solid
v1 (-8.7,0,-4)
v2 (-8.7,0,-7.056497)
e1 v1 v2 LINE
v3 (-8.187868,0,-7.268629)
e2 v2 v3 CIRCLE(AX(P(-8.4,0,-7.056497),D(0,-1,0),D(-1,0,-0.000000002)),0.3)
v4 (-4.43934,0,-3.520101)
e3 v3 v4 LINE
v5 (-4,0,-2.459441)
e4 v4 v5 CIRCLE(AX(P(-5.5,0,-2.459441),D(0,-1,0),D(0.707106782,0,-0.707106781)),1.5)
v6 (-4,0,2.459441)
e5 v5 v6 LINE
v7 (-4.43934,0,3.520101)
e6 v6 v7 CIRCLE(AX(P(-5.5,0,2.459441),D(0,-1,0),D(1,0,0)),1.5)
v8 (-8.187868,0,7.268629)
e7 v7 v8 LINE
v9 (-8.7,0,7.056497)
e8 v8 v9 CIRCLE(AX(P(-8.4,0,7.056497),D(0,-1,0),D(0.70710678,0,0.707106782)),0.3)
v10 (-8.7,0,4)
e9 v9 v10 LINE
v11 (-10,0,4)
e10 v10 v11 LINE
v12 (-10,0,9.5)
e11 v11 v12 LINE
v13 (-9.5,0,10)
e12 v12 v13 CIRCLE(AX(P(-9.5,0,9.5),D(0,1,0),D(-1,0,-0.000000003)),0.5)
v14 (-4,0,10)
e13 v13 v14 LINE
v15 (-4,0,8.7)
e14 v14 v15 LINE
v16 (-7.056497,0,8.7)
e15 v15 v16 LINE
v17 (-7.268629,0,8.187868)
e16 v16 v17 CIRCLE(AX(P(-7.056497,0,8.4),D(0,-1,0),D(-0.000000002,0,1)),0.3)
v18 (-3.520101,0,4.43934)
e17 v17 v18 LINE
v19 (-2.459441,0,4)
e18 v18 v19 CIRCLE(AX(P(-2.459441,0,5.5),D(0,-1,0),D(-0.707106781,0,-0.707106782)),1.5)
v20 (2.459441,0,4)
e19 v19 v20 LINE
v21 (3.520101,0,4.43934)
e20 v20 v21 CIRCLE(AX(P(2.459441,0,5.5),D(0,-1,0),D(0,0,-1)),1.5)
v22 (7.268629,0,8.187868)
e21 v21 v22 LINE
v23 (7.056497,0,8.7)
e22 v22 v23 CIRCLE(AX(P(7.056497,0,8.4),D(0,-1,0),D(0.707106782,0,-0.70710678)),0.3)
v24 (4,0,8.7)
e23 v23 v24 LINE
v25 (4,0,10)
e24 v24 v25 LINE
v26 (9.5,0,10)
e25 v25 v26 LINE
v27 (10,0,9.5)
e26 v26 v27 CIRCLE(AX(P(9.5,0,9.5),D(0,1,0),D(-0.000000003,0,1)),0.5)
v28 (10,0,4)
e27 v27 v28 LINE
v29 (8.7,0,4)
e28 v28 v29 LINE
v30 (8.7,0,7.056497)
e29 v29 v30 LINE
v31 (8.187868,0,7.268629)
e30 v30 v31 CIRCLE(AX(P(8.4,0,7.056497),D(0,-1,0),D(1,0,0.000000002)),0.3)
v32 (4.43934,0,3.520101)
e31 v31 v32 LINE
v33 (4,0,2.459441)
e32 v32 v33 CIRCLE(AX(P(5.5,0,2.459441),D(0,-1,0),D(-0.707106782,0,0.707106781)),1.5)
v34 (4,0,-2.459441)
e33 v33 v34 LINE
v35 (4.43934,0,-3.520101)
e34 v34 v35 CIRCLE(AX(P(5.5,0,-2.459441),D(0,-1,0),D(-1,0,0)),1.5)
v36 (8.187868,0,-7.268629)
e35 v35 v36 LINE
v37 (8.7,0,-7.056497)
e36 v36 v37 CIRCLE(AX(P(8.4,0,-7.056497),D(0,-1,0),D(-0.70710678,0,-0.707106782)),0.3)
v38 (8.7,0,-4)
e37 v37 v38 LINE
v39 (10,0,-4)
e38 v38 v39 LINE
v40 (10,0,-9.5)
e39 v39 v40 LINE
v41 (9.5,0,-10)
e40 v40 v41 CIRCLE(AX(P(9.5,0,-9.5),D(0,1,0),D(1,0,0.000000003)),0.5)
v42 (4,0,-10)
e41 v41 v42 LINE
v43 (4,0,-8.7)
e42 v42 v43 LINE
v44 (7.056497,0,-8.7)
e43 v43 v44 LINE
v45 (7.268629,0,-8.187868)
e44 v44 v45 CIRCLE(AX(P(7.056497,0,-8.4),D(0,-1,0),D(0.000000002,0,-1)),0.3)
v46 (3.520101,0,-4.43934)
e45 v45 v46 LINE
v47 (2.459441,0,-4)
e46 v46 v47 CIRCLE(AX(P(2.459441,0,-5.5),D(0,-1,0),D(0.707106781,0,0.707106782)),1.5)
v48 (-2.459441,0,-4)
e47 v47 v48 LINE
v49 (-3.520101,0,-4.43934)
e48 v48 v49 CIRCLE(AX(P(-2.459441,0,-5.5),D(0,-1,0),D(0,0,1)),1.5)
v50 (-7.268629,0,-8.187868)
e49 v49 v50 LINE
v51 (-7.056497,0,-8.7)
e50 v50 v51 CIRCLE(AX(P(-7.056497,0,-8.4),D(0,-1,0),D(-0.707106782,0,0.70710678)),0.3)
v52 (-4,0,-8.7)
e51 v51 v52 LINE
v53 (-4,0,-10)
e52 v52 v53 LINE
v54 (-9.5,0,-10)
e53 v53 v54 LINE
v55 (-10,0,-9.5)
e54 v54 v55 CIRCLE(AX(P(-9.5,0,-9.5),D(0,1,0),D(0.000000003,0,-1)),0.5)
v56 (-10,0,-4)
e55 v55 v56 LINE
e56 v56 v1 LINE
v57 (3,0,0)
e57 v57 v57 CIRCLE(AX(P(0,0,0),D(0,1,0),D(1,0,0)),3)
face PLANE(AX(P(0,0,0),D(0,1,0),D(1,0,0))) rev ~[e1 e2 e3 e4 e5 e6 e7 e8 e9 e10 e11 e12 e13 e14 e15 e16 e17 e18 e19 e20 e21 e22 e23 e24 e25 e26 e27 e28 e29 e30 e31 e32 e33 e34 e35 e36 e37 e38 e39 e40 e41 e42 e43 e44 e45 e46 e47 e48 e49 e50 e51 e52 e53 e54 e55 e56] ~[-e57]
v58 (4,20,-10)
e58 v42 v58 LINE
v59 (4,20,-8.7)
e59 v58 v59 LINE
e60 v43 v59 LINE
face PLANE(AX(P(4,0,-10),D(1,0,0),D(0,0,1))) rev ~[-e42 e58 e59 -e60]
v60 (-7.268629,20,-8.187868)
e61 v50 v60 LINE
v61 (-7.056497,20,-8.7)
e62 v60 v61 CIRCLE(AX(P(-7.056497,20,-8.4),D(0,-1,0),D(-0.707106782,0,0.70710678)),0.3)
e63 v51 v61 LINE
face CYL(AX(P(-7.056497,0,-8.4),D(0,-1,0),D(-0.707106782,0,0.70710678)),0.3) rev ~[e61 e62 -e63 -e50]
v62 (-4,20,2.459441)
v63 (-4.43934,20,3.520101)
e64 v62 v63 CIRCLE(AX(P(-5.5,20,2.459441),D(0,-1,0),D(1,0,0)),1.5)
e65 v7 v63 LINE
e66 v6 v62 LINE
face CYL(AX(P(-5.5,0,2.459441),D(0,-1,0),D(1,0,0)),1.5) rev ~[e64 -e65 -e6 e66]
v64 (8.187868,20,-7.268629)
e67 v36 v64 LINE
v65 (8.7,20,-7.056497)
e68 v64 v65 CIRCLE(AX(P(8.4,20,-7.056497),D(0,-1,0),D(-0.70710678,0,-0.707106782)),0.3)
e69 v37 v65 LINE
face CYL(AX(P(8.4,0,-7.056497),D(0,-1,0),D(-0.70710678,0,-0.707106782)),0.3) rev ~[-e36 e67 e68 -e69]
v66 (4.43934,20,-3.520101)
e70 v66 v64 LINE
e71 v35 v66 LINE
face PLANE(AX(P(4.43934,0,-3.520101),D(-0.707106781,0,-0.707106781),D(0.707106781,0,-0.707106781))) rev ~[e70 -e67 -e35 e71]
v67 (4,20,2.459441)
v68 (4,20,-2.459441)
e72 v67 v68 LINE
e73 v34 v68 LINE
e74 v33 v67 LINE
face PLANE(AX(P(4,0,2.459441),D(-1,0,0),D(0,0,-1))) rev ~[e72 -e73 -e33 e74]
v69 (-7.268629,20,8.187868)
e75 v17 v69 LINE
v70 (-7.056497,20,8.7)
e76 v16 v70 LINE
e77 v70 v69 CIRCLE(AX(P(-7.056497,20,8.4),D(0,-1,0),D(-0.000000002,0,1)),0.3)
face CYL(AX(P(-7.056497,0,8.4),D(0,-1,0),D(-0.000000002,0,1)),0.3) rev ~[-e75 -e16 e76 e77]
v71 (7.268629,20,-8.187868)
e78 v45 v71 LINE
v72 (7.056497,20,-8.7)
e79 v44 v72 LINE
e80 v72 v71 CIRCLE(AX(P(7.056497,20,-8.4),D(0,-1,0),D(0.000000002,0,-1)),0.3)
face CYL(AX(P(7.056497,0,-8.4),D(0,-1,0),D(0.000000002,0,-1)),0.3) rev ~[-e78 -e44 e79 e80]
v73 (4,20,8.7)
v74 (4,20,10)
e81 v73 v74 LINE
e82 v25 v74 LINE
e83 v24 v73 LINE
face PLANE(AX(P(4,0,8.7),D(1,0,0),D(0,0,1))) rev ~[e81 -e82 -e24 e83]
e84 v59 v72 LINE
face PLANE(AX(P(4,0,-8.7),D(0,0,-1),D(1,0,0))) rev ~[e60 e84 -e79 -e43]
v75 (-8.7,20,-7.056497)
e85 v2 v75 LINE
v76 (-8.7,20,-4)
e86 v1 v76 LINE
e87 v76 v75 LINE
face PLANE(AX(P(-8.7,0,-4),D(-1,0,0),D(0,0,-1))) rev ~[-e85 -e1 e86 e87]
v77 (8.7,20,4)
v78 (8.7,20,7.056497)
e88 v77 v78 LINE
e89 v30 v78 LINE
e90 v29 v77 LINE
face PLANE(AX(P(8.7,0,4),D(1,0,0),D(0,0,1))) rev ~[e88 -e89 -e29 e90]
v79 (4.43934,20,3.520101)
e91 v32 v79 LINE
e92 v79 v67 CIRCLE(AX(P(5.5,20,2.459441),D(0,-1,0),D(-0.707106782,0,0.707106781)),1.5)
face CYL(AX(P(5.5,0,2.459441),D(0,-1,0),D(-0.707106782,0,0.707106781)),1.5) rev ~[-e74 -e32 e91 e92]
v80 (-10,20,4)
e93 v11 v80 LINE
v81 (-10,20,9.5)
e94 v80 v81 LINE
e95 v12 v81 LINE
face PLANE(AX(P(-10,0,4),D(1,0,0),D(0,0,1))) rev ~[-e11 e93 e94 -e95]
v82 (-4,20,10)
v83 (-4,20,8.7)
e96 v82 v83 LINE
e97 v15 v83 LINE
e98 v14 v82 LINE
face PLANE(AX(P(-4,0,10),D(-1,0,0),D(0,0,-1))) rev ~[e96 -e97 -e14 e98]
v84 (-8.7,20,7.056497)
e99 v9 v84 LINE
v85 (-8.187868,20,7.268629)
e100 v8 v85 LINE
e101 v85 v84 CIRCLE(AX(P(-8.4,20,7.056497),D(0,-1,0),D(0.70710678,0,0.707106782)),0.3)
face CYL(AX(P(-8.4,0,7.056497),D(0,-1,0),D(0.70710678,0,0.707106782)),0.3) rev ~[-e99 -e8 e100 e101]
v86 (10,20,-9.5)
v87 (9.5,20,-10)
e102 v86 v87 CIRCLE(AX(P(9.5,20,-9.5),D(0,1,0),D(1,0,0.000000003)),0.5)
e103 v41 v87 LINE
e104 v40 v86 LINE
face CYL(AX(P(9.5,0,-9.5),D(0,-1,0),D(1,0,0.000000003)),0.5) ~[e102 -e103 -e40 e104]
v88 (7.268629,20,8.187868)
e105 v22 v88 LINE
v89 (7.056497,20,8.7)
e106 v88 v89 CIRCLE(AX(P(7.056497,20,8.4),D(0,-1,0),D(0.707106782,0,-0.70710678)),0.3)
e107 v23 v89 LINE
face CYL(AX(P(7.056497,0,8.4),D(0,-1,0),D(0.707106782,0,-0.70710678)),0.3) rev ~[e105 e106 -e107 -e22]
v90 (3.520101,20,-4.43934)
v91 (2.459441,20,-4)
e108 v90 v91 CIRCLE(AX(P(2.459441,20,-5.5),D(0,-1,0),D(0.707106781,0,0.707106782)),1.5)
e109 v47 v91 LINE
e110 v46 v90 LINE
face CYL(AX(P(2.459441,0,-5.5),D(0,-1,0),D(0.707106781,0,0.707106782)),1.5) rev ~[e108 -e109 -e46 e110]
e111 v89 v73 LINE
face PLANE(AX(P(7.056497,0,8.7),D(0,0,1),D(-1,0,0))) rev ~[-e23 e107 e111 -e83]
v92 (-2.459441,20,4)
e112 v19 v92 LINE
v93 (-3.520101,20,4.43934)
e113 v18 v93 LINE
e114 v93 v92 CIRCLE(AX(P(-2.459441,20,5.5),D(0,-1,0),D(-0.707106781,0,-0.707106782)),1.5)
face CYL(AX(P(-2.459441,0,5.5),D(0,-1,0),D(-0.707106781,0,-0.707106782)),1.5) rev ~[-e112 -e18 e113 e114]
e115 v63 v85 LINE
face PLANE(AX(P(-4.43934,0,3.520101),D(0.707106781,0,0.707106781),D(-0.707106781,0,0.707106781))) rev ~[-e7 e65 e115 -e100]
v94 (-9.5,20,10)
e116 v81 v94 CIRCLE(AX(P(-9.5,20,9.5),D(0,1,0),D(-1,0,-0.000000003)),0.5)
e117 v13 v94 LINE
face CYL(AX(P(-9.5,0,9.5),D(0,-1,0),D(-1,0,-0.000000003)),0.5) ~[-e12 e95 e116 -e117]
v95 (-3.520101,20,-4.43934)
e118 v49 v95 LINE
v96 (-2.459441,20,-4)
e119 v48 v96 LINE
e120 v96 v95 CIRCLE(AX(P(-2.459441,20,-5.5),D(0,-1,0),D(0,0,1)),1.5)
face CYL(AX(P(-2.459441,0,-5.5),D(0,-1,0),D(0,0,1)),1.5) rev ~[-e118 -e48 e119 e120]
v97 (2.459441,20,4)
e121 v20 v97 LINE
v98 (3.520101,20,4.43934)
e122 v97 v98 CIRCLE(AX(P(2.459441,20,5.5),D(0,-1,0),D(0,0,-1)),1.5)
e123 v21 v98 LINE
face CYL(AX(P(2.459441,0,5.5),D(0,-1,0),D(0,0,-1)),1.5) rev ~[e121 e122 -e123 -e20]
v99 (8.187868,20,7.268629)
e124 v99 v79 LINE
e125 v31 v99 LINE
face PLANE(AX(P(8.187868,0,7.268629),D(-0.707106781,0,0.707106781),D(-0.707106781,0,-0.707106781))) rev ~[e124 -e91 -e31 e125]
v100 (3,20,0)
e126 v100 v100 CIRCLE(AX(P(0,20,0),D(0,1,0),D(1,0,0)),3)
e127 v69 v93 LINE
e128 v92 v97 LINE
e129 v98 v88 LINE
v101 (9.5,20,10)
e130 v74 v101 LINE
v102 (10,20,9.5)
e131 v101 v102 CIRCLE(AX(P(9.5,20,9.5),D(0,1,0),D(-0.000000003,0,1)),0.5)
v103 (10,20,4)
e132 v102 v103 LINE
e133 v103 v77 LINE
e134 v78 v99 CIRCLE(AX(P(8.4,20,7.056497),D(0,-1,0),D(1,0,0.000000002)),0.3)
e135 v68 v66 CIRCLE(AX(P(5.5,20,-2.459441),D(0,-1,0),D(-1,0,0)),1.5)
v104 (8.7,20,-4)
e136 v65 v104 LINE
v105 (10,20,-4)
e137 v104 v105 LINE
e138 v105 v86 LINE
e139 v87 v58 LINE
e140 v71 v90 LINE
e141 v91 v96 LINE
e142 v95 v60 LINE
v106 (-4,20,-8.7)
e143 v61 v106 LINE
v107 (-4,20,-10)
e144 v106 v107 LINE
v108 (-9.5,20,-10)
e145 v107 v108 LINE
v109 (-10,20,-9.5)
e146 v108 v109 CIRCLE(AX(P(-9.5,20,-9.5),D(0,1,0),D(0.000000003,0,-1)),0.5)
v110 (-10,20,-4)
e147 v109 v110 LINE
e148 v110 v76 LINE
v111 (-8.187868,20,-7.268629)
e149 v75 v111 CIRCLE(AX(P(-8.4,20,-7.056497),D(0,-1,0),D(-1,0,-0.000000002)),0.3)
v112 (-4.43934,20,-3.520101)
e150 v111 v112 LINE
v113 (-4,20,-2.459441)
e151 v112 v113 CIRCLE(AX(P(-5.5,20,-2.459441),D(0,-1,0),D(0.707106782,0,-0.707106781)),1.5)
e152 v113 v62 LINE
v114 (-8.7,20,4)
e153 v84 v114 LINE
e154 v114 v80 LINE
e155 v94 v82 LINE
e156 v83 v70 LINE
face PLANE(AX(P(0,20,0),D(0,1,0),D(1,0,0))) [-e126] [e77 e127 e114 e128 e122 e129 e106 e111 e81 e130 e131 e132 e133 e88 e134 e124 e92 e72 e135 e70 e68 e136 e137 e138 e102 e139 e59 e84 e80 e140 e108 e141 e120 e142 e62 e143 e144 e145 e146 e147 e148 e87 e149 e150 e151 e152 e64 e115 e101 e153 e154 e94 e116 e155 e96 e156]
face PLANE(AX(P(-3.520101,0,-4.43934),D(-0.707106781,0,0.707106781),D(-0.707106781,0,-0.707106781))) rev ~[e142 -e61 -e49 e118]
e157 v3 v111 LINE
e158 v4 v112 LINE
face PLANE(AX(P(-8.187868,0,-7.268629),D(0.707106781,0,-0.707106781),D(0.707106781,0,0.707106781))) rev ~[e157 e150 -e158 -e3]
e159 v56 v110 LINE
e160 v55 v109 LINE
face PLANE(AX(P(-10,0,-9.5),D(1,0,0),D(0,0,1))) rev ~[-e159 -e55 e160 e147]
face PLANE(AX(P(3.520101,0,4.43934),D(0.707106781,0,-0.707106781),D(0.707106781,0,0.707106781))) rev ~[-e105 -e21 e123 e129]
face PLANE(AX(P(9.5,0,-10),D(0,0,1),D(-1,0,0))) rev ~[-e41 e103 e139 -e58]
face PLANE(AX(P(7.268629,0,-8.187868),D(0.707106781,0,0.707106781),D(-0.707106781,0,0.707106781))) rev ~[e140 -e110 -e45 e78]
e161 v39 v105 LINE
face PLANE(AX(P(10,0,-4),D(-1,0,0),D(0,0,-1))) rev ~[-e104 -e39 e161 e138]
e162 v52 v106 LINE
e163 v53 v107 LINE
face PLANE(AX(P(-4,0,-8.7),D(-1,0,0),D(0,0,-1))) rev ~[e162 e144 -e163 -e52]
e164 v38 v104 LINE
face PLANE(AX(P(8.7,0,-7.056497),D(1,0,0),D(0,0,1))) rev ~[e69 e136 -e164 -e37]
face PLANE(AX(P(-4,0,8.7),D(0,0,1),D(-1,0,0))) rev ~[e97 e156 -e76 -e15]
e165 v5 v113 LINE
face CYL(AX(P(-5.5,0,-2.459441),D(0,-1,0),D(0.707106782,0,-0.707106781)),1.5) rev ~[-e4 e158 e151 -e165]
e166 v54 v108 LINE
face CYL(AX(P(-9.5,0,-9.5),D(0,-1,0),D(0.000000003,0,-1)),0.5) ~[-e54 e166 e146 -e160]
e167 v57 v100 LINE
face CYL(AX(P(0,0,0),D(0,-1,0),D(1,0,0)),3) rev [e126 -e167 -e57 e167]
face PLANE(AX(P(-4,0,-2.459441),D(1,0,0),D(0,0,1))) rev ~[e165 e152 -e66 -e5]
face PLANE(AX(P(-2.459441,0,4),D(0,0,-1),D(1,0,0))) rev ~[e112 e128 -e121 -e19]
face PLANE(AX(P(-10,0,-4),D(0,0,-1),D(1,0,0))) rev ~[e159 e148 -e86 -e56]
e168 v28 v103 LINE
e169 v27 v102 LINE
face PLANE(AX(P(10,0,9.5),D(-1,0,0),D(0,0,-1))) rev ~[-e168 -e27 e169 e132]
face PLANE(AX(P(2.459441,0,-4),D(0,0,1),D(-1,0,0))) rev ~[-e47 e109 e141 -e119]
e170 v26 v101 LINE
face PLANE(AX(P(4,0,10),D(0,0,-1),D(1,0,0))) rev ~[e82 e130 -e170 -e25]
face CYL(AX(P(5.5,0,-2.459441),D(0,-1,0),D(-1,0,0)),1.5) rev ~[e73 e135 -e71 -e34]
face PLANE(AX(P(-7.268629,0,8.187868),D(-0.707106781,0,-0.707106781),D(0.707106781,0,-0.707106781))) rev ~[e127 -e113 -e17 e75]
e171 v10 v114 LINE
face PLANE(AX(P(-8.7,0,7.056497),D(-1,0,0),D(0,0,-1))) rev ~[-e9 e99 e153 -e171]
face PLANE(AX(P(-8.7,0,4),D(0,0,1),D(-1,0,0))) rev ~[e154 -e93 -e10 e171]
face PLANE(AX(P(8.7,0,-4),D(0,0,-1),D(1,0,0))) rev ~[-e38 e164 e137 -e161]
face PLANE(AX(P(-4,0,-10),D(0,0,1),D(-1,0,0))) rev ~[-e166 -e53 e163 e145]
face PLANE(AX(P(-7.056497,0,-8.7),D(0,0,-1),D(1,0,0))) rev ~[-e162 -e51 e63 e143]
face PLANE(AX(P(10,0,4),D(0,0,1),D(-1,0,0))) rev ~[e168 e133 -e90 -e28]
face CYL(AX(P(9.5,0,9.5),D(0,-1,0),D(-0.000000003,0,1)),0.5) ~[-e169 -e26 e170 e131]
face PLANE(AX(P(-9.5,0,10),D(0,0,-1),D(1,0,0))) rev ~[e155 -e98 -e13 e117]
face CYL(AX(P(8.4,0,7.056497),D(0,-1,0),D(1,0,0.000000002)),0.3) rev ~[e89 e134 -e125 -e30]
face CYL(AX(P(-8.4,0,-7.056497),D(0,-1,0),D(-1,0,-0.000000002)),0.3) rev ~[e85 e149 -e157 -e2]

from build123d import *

# Parameters (mm, degrees)
ESBO_O1_R                = 3
RESSALTO_EXTRUS_O1_DEPTH = 20


with BuildPart() as part:
    # Esboço1 → Ressalto-extrusão1 (new body)
    with BuildSketch(Plane(origin=(0, 0, 0), x_dir=(1, 0, 0), z_dir=(0, 1, 0))):
        with BuildLine():
            Line((-7.056497116, 8.7), (-4, 8.7))
            Line((-4, 8.7), (-4, 10))
            Line((-4, 10), (-9.5, 10))
            ThreePointArc((-9.5, 10), (-9.853553391, 9.853553391), (-10, 9.5))
            Line((-10, 9.5), (-10, 4))
            Line((-10, 4), (-8.7, 4))
            Line((-8.7, 4), (-8.7, 7.056497116))
            ThreePointArc((-8.7, 7.056497116), (-8.51480503, 7.333660975), (-8.187867966, 7.26862915))
            Line((-8.187867966, 7.26862915), (-4.439339828, 3.520101013))
            ThreePointArc((-4.439339828, 3.520101013), (-4.114180701, 3.033465989), (-4, 2.459440841))
            Line((-4, 2.459440841), (-4, -2.459440841))
            ThreePointArc((-4, -2.459440841), (-4.114180701, -3.033465989), (-4.439339828, -3.520101013))
            Line((-4.439339828, -3.520101013), (-8.187867966, -7.26862915))
            ThreePointArc((-8.187867966, -7.26862915), (-8.51480503, -7.333660975), (-8.7, -7.056497116))
            Line((-8.7, -7.056497116), (-8.7, -4))
            Line((-8.7, -4), (-10, -4))
            Line((-10, -4), (-10, -9.5))
            ThreePointArc((-10, -9.5), (-9.853553391, -9.853553391), (-9.5, -10))
            Line((-9.5, -10), (-4, -10))
            Line((-4, -10), (-4, -8.7))
            Line((-4, -8.7), (-7.056497116, -8.7))
            ThreePointArc((-7.056497116, -8.7), (-7.333660975, -8.51480503), (-7.26862915, -8.187867966))
            Line((-7.26862915, -8.187867966), (-3.520101013, -4.439339828))
            ThreePointArc((-3.520101013, -4.439339828), (-3.033465989, -4.114180701), (-2.459440841, -4))
            Line((-2.459440841, -4), (2.459440841, -4))
            ThreePointArc((2.459440841, -4), (3.033465989, -4.114180701), (3.520101013, -4.439339828))
            Line((3.520101013, -4.439339828), (7.26862915, -8.187867966))
            ThreePointArc((7.26862915, -8.187867966), (7.333660975, -8.51480503), (7.056497116, -8.7))
            Line((7.056497116, -8.7), (4, -8.7))
            Line((4, -8.7), (4, -10))
            Line((4, -10), (9.5, -10))
            ThreePointArc((9.5, -10), (9.853553391, -9.853553391), (10, -9.5))
            Line((10, -9.5), (10, -4))
            Line((10, -4), (8.7, -4))
            Line((8.7, -4), (8.7, -7.056497116))
            ThreePointArc((8.7, -7.056497116), (8.51480503, -7.333660975), (8.187867966, -7.26862915))
            Line((8.187867966, -7.26862915), (4.439339828, -3.520101013))
            ThreePointArc((4.439339828, -3.520101013), (4.114180701, -3.033465989), (4, -2.459440841))
            Line((4, -2.459440841), (4, 2.459440841))
            ThreePointArc((4, 2.459440841), (4.114180701, 3.033465989), (4.439339828, 3.520101013))
            Line((4.439339828, 3.520101013), (8.187867966, 7.26862915))
            ThreePointArc((8.187867966, 7.26862915), (8.51480503, 7.333660975), (8.7, 7.056497116))
            Line((8.7, 7.056497116), (8.7, 4))
            Line((8.7, 4), (10, 4))
            Line((10, 4), (10, 9.5))
            ThreePointArc((10, 9.5), (9.853553391, 9.853553391), (9.5, 10))
            Line((9.5, 10), (4, 10))
            Line((4, 10), (4, 8.7))
            Line((4, 8.7), (7.056497116, 8.7))
            ThreePointArc((7.056497116, 8.7), (7.333660975, 8.51480503), (7.26862915, 8.187867966))
            Line((7.26862915, 8.187867966), (3.520101013, 4.439339828))
            ThreePointArc((3.520101013, 4.439339828), (3.033465989, 4.114180701), (2.459440841, 4))
            Line((2.459440841, 4), (-2.459440841, 4))
            ThreePointArc((-2.459440841, 4), (-3.033465989, 4.114180701), (-3.520101013, 4.439339828))
            Line((-3.520101013, 4.439339828), (-7.26862915, 8.187867966))
            ThreePointArc((-7.26862915, 8.187867966), (-7.333660975, 8.51480503), (-7.056497116, 8.7))
        make_face()
        Circle(ESBO_O1_R, mode=Mode.SUBTRACT)
    extrude(amount=RESSALTO_EXTRUS_O1_DEPTH)


solid = part.part
